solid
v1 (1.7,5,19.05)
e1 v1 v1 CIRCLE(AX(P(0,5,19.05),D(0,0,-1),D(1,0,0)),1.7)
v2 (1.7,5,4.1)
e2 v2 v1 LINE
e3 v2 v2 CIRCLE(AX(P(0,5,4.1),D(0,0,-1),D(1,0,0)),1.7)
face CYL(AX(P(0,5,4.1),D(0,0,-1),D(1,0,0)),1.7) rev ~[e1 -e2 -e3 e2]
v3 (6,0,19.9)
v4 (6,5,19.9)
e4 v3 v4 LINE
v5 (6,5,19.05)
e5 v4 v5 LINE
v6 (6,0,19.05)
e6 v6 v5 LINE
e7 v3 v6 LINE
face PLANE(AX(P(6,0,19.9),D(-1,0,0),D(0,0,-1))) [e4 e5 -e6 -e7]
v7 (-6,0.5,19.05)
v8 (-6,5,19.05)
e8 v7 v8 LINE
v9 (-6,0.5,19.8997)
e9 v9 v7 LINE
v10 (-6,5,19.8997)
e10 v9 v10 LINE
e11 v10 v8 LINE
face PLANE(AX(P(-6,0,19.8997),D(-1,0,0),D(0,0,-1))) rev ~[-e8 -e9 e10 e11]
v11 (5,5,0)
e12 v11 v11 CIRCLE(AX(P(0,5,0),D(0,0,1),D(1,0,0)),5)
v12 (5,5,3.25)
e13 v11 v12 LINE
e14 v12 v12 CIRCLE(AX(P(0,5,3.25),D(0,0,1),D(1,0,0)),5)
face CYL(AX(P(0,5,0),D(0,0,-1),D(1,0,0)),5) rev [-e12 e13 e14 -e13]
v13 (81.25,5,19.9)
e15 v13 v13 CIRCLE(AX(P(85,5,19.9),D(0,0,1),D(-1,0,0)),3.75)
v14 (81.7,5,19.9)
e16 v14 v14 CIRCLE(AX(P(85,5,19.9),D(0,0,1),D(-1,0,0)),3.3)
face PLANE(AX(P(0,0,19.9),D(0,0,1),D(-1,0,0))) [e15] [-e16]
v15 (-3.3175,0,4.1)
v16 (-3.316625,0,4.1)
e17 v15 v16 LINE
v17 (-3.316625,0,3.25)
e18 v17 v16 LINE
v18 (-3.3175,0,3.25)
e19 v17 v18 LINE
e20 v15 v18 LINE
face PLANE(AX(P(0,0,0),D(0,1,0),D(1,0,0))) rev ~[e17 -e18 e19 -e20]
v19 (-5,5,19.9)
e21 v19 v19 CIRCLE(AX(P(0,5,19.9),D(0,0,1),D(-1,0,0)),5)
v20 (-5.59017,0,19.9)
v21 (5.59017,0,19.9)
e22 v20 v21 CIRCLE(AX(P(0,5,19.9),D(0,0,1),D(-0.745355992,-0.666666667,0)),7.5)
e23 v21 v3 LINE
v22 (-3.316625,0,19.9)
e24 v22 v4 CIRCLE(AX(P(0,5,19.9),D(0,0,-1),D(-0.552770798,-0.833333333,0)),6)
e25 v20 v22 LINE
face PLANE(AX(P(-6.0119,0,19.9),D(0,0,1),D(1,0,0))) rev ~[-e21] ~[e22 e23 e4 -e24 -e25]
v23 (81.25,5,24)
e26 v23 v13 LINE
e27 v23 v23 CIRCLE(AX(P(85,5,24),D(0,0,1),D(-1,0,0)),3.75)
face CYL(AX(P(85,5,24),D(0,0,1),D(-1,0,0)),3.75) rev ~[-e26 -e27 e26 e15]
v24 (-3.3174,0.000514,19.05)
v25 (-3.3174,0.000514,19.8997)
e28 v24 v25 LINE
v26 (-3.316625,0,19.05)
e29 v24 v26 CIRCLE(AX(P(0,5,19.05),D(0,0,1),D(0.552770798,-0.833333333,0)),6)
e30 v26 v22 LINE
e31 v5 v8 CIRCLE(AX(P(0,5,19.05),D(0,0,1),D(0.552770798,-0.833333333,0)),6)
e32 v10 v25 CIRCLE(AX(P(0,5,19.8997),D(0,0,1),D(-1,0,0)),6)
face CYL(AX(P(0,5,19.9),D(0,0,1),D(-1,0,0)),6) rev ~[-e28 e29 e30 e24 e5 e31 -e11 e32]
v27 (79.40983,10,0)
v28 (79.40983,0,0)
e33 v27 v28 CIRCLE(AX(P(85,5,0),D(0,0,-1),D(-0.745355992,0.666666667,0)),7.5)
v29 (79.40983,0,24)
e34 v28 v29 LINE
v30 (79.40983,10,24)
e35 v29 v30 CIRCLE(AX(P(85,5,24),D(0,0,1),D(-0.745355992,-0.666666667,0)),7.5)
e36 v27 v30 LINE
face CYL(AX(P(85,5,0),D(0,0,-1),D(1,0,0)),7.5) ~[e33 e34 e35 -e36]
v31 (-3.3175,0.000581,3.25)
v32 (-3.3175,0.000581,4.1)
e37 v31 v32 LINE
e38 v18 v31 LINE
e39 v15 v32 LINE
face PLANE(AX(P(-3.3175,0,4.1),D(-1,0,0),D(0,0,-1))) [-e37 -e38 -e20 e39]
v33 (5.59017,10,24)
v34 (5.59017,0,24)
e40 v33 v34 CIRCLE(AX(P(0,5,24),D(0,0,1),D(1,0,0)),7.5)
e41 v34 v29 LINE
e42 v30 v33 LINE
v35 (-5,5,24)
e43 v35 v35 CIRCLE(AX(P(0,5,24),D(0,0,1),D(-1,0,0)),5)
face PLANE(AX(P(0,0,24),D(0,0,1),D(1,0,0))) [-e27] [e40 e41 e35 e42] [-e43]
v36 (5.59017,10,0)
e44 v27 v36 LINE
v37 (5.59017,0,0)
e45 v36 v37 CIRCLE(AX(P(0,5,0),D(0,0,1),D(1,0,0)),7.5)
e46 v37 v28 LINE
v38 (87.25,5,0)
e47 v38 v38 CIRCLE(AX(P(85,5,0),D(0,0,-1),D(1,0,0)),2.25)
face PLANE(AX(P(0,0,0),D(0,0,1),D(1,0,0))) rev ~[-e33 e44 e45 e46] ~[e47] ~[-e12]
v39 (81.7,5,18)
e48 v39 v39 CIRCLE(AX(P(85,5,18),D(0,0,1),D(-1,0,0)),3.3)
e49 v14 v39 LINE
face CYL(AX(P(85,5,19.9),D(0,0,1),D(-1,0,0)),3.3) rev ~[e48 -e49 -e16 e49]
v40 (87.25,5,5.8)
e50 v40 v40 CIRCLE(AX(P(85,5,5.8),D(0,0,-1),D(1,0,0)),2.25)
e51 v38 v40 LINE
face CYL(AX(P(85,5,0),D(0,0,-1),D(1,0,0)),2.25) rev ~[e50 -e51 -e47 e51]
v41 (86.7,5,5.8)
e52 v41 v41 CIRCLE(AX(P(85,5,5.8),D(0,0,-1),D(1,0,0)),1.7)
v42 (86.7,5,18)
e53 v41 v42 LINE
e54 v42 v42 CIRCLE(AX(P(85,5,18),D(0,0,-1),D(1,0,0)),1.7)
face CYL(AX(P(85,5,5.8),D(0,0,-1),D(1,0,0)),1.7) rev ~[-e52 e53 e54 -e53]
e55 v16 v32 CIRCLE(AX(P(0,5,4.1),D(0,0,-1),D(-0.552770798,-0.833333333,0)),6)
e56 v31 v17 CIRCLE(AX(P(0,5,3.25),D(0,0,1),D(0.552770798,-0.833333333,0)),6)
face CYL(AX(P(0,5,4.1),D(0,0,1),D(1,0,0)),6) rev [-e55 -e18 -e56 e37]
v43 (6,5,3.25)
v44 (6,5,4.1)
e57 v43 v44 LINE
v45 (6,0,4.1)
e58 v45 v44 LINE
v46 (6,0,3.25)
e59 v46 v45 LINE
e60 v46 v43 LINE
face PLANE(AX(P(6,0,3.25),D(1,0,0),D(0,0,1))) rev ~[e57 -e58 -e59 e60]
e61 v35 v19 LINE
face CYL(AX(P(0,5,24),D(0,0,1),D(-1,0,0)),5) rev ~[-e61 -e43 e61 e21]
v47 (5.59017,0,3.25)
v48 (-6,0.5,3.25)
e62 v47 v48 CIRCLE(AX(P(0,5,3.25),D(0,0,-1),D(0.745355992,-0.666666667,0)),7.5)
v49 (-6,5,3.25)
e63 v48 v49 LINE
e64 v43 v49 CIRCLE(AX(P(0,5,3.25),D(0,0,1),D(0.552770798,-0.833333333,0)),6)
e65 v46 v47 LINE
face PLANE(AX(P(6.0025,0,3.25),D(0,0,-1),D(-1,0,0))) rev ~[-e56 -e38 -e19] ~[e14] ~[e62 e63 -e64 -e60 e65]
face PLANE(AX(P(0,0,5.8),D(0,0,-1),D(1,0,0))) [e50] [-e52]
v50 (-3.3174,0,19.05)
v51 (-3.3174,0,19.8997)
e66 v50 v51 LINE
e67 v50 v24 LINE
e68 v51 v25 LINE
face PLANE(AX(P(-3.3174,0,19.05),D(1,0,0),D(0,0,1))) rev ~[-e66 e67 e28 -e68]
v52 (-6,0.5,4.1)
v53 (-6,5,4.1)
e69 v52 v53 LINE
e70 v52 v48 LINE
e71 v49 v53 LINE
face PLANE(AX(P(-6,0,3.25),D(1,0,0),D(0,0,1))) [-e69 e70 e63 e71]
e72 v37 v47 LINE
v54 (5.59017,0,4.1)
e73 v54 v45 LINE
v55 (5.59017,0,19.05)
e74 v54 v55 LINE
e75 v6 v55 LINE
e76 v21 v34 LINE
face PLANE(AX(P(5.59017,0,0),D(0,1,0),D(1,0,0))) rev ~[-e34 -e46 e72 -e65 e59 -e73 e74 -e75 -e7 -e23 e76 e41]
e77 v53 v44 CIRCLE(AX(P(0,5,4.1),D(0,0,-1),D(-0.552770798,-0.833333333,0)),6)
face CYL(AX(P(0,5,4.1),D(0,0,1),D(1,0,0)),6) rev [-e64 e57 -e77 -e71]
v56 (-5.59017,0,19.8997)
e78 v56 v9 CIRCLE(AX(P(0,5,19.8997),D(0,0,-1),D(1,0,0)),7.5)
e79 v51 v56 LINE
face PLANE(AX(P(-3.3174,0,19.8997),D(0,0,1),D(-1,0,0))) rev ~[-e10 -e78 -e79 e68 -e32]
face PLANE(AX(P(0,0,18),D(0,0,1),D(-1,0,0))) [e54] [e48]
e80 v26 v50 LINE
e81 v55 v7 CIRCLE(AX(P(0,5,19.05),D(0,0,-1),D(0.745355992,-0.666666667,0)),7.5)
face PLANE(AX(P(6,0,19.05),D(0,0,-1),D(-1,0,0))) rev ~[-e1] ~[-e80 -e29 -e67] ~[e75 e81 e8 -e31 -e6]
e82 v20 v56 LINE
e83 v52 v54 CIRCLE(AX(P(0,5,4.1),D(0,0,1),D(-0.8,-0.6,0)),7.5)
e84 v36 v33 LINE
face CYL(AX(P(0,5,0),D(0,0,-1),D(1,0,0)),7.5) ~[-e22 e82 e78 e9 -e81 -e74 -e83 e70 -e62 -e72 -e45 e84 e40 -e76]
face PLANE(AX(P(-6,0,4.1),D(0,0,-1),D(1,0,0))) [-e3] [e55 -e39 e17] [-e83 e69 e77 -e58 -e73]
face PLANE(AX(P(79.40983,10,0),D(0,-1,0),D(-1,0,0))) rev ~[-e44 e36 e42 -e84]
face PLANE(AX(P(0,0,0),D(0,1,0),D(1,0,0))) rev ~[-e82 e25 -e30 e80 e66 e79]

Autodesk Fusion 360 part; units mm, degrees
sketch "スケッチ1" plane through (0, 0, 0) normal (0, 0, 1) x (1, 0, 0)
  line L0 (0, 0) -> (85, 0)
  line L1 (85, 0) -> (85, 10)
  line L2 (85, 10) -> (0, 10)
  line L3 (0, 10) -> (0, 0)
  circle A0 centre (85, 5) radius 7.5
  circle A1 centre (0, 5) radius 7.5
  dimension "d1" = 10
  dimension "d2" = 15
  dimension "d3" = 15
extrude "押し出し1" add sketch "スケッチ1" along normal blind 24
sketch "スケッチ2" plane through (0, 0, 24) normal (0, 0, 1) x (-1, 0, 0)
  line L0 (-79.4098, -10) -> (-5.5902, -10)
  arc A0 (-5.5902, -10) -> (-5.5902, 0) centre (0, -5) ccw
  line L1 (-5.5902, 0) -> (-79.4098, 0)
  arc A1 (-79.4098, 0) -> (-79.4098, -10) centre (-85, -5) ccw
  circle A2 centre (-85, -5) radius 3.75
  dimension "d6" = 7.5
extrude "押し出し2" cut sketch "スケッチ2" against normal blind 4.1 contours A2
sketch "スケッチ3" plane through (0, 0, 19.9) normal (0, 0, 1) x (-1, 0, 0)
  circle A0 centre (-85, -5) radius 3.75
  circle A1 centre (-85, -5) radius 3.3
  dimension "d9" = 6.6
extrude "押し出し3" cut sketch "スケッチ3" against normal blind 1.9 contours A1
sketch "スケッチ4" plane through (0, 0, 0) normal (0, 0, -1) x (1, 0, 0)
  line L0 (5.5902, -10) -> (79.4098, -10)
  arc A0 (79.4098, -10) -> (79.4098, 0) centre (85, -5) ccw
  line L1 (79.4098, 0) -> (5.5902, 0)
  arc A1 (5.5902, 0) -> (5.5902, -10) centre (0, -5) ccw
  circle A2 centre (85, -5) radius 2.25
  dimension "d12" = 4.5
extrude "押し出し4" cut sketch "スケッチ4" against normal blind 5.8 contours A2
sketch "スケッチ5" plane through (0, 0, 5.8) normal (0, 0, -1) x (1, 0, 0)
  circle A0 centre (85, -5) radius 2.25
  circle A1 centre (85, -5) radius 1.7
  dimension "d15" = 3.4
extrude "押し出し5" cut sketch "スケッチ5" against normal blind 13 contours A1
sketch "スケッチ6" plane through (0, 0, 0) normal (0, 0, 1) x (1, 0, 0)
  circle A0 centre (0, 5) radius 5
  dimension "d18" = 10
extrude "押し出し6" cut sketch "スケッチ6" along normal blind 4.1
sketch "スケッチ7" plane through (0, 0, 4.1) normal (0, 0, -1) x (1, 0, 0)
  circle A0 centre (0, -5) radius 5
  circle A1 centre (0, -5) radius 6
  dimension "d21" = 12
extrude "押し出し7" cut sketch "スケッチ7" along normal blind 0.85 contours A0 | A1
sketch "スケッチ8" plane through (0, 0, 24) normal (0, 0, 1) x (-1, 0, 0)
  circle A0 centre (-85, -5) radius 3.75
  line L0 (-79.4098, -10) -> (-5.5902, -10)
  arc A1 (-5.5902, -10) -> (-5.5902, 0) centre (0, -5) ccw
  line L1 (-5.5902, 0) -> (-79.4098, 0)
  arc A2 (-79.4098, 0) -> (-79.4098, -10) centre (-85, -5) ccw
  circle A3 centre (0, -5) radius 5
  dimension "d24" = 10
extrude "押し出し8" cut sketch "スケッチ8" against normal blind 4.1 contours A3
sketch "スケッチ9" plane through (0, 0, 19.9) normal (0, 0, 1) x (-1, 0, 0)
  circle A0 centre (0, -5) radius 5
  circle A1 centre (0, -5) radius 6
  dimension "d27" = 12
extrude "押し出し9" cut sketch "スケッチ9" against normal blind 0.85 contours A0 | A1
sketch "スケッチ10" plane through (0, 0, 19.05) normal (0, 0, 1) x (-1, 0, 0)
  circle A0 centre (0, -5) radius 6
  line L0 (-6, -5) -> (6, -5)
  line L1 (6, -5) -> (6, -10)
  line L2 (6, -10) -> (-6, -10)
  line L3 (-6, -10) -> (-6, -5)
sketch "スケッチ11" plane through (0, 0, 0) normal (0, 1, 0) x (1, 0, 0)
  line L0 (6, -19.05) -> (-6.0119, -19.05)
  line L1 (-6.0119, -19.05) -> (-6.0119, -19.9)
  line L2 (-6.0119, -19.9) -> (6, -19.9)
  line L3 (6, -19.9) -> (6, -19.05)
  dimension "d30" = 0.85
extrude "押し出し10" cut sketch "スケッチ11" against normal blind 2.5
sketch "スケッチ12" plane through (0, 0, 0) normal (0, -1, 0) x (1, 0, 0)
  line L0 (-3.3166, 19.05) -> (-3.3166, 19.9)
  line L1 (-3.3166, 19.9) -> (-5.5902, 19.9)
  line L2 (-5.5902, 19.9) -> (-5.5902, 19.05)
  line L3 (-5.5902, 19.05) -> (-3.3166, 19.05)
sketch "スケッチ13" plane through (0, 0, 0) normal (0, -1, 0) x (1, 0, 0)
  line L0 (5.5902, 19.05) -> (5.5902, 0)
  line L1 (5.5902, 0) -> (79.4098, 0)
  line L2 (79.4098, 0) -> (79.4098, 24)
  line L3 (79.4098, 24) -> (5.5902, 24)
  line L4 (5.5902, 24) -> (5.5902, 19.9)
  line L5 (5.5902, 19.9) -> (3.3166, 19.9)
  line L6 (3.3166, 19.9) -> (3.3166, 19.05)
  line L7 (3.3166, 19.05) -> (5.5902, 19.05)
  line L8 (6, 19.05) -> (3.3166, 19.05)
  line L9 (3.3166, 19.05) -> (3.3166, 19.9)
  line L10 (3.3166, 19.9) -> (6, 19.9)
  line L11 (6, 19.9) -> (6, 19.05)
sketch "スケッチ14" plane through (0, 0, 0) normal (0, -1, 0) x (1, 0, 0)
  line L0 (-6, 19.05) -> (-3.3174, 19.05)
  line L1 (-3.3174, 19.05) -> (-3.3174, 19.8997)
  line L2 (-3.3174, 19.8997) -> (-6, 19.8997)
  line L3 (-6, 19.8997) -> (-6, 19.05)
extrude "押し出し11" cut sketch "スケッチ13" sketch "スケッチ14" against normal blind 5 contours L5 L6 L7 L8 L9 L10 L11 of sketch 2
sketch "スケッチ15" plane through (0, 0, 4.1) normal (0, 0, -1) x (1, 0, 0)
  circle A0 centre (0, -5) radius 6
  line L0 (-6, -5) -> (6, -5)
  line L1 (6, -5) -> (6, -10)
  line L2 (6, -10) -> (-6, -10)
  line L3 (-6, -10) -> (-6, -5)
sketch "スケッチ16" plane through (0, 0, 0) normal (0, 1, 0) x (1, 0, 0)
  line L0 (-6, -4.1) -> (6.0025, -4.1)
  line L1 (6.0025, -4.1) -> (6.0025, -3.25)
  line L2 (6.0025, -3.25) -> (-6, -3.25)
  line L3 (-6, -3.25) -> (-6, -4.1)
  dimension "d35" = 0.85
extrude "押し出し12" cut sketch "スケッチ16" against normal blind 2.5
sketch "スケッチ17" plane through (0, 0, 0) normal (0, -1, 0) x (1, 0, 0)
  line L0 (5.5902, 3.25) -> (5.5902, 0)
  line L1 (5.5902, 0) -> (79.4098, 0)
  line L2 (79.4098, 0) -> (79.4098, 24)
  line L3 (79.4098, 24) -> (5.5902, 24)
  line L4 (5.5902, 24) -> (5.5902, 19.9)
  line L5 (5.5902, 19.9) -> (6, 19.9)
  line L6 (6, 19.9) -> (6, 19.05)
  line L7 (6, 19.05) -> (5.5902, 19.05)
  line L8 (5.5902, 19.05) -> (5.5902, 4.1)
  line L9 (5.5902, 4.1) -> (3.3166, 4.1)
  line L10 (3.3166, 4.1) -> (3.3166, 3.25)
  line L11 (3.3166, 3.25) -> (5.5902, 3.25)
  line L12 (6, 4.1) -> (3.3166, 4.1)
  line L13 (3.3166, 4.1) -> (3.3166, 3.25)
  line L14 (3.3166, 3.25) -> (6, 3.25)
  line L15 (6, 3.25) -> (6, 4.1)
  line L16 (-6, 4.1) -> (-3.3175, 4.1)
  line L17 (-3.3175, 4.1) -> (-3.3175, 3.25)
  line L18 (-3.3175, 3.25) -> (-6, 3.25)
  line L19 (-6, 3.25) -> (-6, 4.1)
extrude "押し出し13" cut sketch "スケッチ17" against normal blind 5 contours L9 L10 L11 L12 L13 L14 L15 | L16 L17 L18 L19
sketch "スケッチ18" plane through (0, 0, 4.1) normal (0, 0, -1) x (1, 0, 0)
  circle A0 centre (0, -5) radius 1.7
  dimension "d40" = 3.4
extrude "押し出し14" cut sketch "スケッチ18" against normal blind 15
